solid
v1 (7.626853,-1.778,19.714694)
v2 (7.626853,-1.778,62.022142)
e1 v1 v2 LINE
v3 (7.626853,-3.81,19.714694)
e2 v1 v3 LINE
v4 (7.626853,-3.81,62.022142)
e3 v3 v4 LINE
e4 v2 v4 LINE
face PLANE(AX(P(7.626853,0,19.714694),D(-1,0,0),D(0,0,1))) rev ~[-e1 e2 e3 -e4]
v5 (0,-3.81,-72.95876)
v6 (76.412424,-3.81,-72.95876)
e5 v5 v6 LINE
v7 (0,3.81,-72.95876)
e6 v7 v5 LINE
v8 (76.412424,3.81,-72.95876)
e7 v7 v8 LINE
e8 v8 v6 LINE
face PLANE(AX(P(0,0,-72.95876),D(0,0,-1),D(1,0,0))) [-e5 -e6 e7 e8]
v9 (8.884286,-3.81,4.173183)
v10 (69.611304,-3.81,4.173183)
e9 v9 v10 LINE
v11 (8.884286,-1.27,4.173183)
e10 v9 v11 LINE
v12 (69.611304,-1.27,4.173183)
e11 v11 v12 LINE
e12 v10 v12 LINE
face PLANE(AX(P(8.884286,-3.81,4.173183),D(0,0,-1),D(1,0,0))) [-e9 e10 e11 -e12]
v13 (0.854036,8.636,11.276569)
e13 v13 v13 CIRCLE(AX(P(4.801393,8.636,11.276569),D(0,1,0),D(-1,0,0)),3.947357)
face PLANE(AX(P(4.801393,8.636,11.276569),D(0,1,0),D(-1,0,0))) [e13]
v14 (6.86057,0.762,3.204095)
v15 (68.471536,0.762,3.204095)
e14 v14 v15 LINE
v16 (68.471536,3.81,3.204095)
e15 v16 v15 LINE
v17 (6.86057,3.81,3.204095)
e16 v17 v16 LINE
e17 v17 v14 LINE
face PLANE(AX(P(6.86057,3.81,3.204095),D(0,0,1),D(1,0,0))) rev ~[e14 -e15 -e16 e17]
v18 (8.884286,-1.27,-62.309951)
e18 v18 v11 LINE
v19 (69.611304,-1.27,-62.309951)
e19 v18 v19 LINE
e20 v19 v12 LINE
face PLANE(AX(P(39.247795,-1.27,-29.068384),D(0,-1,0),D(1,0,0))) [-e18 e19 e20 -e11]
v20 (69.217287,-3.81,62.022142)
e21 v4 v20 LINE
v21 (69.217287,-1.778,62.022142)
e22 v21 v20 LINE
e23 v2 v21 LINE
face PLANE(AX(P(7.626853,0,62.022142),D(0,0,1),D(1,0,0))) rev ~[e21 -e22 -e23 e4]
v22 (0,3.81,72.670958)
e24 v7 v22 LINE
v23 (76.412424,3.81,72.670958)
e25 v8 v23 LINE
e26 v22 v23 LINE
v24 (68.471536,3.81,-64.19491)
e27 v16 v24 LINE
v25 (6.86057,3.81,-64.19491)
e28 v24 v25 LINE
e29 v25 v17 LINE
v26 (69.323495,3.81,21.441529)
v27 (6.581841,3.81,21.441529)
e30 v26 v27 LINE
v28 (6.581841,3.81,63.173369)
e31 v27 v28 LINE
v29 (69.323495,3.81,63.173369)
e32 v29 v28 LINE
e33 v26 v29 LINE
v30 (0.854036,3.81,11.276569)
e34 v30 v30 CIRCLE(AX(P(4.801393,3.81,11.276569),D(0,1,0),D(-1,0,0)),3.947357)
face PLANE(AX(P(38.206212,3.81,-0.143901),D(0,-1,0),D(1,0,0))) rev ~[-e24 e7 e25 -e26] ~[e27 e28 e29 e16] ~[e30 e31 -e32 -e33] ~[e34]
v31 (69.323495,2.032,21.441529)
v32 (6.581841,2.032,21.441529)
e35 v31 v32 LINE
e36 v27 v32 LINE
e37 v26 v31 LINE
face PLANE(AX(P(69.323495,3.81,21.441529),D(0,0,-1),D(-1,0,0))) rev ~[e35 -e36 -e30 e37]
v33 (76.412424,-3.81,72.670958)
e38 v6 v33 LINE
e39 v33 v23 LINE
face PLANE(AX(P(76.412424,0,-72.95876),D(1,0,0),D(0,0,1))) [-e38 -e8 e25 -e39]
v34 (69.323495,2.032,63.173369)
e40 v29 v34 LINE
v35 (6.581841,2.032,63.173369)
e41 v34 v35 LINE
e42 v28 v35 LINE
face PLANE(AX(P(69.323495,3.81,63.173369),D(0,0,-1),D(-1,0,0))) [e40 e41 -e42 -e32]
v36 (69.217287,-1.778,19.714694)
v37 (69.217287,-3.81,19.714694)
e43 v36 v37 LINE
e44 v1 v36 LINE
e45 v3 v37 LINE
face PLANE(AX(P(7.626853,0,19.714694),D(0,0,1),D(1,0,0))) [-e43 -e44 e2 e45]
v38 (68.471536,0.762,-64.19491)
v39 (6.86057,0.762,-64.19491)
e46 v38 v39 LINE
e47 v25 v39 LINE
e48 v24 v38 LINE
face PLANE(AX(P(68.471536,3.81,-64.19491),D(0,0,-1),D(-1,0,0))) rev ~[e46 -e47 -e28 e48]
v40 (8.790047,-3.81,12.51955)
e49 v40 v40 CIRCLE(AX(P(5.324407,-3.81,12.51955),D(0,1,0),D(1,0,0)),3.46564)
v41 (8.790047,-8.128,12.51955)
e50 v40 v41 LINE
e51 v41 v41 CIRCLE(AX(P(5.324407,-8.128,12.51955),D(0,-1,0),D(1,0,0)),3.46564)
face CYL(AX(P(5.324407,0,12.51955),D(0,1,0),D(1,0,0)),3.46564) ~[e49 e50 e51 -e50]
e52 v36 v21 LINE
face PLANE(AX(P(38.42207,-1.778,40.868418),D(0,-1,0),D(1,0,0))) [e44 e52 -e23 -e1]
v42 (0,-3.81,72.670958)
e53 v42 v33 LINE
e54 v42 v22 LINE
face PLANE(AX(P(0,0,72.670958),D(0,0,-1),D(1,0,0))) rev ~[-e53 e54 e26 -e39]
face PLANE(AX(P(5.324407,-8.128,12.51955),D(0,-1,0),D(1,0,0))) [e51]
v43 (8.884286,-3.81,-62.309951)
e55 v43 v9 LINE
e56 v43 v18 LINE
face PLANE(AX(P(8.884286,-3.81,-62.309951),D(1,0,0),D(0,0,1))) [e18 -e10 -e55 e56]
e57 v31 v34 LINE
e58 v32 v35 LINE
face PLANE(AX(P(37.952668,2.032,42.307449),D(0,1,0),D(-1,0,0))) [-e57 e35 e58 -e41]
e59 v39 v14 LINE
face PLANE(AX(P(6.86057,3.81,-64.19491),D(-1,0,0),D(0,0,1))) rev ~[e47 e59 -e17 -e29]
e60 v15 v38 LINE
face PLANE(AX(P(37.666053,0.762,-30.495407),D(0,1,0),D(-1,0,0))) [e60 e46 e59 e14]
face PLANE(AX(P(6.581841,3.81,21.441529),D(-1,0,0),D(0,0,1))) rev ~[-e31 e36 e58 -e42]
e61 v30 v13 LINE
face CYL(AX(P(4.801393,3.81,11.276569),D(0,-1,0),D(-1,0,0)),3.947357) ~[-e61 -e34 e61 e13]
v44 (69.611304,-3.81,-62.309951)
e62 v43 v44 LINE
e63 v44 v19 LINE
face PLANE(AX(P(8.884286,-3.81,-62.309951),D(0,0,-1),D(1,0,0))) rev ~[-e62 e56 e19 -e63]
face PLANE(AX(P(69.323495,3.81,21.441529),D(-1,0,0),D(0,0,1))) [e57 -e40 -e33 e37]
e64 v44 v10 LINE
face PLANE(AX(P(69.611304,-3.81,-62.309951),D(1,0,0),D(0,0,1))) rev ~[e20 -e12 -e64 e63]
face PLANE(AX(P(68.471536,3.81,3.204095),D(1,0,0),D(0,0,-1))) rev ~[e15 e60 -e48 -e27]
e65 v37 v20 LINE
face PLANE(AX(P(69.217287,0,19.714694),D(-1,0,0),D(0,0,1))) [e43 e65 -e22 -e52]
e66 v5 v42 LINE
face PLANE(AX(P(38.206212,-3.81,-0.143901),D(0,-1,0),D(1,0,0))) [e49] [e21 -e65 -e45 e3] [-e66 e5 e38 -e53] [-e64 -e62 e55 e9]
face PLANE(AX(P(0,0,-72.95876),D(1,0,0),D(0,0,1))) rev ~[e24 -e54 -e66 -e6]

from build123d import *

# Parameters (mm, degrees)
F2_R      = 3.46564
F3_DEPTH  = 8.128
F1_W      = 76.412424
F1_H      = 145.629719
F1_W_2    = 61.590434
F1_H_2    = 42.307448
F4_DEPTH  = 3.81
F5_DEPTH  = 1.778
F6_W      = 60.727017
F6_H      = 66.483134
F7_DEPTH  = 2.54
F0_W      = 76.412424
F0_H      = 145.629719
F8_DEPTH  = 3.81
F10_W     = 62.741654
F10_H     = 41.73184
F11_DEPTH = 1.778
F13_DEPTH = 3.048
F14_R     = 3.947357
F15_DEPTH = 4.826


with BuildPart() as f3:
    # F2 (on face) → F3 (new body)
    with BuildSketch(Plane.XZ):
        with Locations((5.324407, 12.51955)):
            Circle(F2_R)
    extrude(amount=F3_DEPTH)

    # F1 (on face) → F4 (join)
    with BuildSketch(Plane.XZ):
        with Locations((38.206212, -0.143901)):
            Rectangle(F1_W, F1_H)
        with Locations((38.42207, 40.868418)):
            Rectangle(F1_W_2, F1_H_2, mode=Mode.SUBTRACT)
    extrude(amount=F4_DEPTH)

    # F1 (on face) → F5 (join)
    with BuildSketch(Plane.XZ):
        with Locations((38.42207, 40.868418)):
            Rectangle(F1_W_2, F1_H_2)
    extrude(amount=F5_DEPTH)

    # F6 (on face) → F7 (cut)
    with BuildSketch(Plane.XZ.offset(3.81)):
        with Locations((39.247795, -29.068384)):
            Rectangle(F6_W, F6_H)
    extrude(amount=-F7_DEPTH, mode=Mode.SUBTRACT)

    # F0 (on Front) → F8 (join)
    with BuildSketch(Plane.XZ):
        with Locations((38.206212, -0.143901)):
            Rectangle(F0_W, F0_H)
    extrude(amount=-F8_DEPTH)

    # F10 (on face) → F11 (cut)
    with BuildSketch(Plane(origin=(0, 3.81, 0), x_dir=(-1, 0, 0), z_dir=(0, 1, 0))):
        with Locations((-37.952668, 42.307449)):
            Rectangle(F10_W, F10_H)
    extrude(amount=-F11_DEPTH, mode=Mode.SUBTRACT)

    # F12 (on face) → F13 (cut)
    with BuildSketch(Plane(origin=(0, 3.81, 0), x_dir=(-1, 0, 0), z_dir=(0, 1, 0))):
        Polygon((-6.86057, 3.204095), (-68.471536, 3.204095), (-68.471536, -64.19491), (-6.86057, -64.19491), (-6.86057, -37.781585), align=None)
    extrude(amount=-F13_DEPTH, mode=Mode.SUBTRACT)

    # F14 (on face) → F15 (join)
    with BuildSketch(Plane(origin=(0, 3.81, 0), x_dir=(-1, 0, 0), z_dir=(0, 1, 0))):
        with Locations((-4.801393, 11.276569)):
            Circle(F14_R)
    extrude(amount=F15_DEPTH)


solid = f3.part
